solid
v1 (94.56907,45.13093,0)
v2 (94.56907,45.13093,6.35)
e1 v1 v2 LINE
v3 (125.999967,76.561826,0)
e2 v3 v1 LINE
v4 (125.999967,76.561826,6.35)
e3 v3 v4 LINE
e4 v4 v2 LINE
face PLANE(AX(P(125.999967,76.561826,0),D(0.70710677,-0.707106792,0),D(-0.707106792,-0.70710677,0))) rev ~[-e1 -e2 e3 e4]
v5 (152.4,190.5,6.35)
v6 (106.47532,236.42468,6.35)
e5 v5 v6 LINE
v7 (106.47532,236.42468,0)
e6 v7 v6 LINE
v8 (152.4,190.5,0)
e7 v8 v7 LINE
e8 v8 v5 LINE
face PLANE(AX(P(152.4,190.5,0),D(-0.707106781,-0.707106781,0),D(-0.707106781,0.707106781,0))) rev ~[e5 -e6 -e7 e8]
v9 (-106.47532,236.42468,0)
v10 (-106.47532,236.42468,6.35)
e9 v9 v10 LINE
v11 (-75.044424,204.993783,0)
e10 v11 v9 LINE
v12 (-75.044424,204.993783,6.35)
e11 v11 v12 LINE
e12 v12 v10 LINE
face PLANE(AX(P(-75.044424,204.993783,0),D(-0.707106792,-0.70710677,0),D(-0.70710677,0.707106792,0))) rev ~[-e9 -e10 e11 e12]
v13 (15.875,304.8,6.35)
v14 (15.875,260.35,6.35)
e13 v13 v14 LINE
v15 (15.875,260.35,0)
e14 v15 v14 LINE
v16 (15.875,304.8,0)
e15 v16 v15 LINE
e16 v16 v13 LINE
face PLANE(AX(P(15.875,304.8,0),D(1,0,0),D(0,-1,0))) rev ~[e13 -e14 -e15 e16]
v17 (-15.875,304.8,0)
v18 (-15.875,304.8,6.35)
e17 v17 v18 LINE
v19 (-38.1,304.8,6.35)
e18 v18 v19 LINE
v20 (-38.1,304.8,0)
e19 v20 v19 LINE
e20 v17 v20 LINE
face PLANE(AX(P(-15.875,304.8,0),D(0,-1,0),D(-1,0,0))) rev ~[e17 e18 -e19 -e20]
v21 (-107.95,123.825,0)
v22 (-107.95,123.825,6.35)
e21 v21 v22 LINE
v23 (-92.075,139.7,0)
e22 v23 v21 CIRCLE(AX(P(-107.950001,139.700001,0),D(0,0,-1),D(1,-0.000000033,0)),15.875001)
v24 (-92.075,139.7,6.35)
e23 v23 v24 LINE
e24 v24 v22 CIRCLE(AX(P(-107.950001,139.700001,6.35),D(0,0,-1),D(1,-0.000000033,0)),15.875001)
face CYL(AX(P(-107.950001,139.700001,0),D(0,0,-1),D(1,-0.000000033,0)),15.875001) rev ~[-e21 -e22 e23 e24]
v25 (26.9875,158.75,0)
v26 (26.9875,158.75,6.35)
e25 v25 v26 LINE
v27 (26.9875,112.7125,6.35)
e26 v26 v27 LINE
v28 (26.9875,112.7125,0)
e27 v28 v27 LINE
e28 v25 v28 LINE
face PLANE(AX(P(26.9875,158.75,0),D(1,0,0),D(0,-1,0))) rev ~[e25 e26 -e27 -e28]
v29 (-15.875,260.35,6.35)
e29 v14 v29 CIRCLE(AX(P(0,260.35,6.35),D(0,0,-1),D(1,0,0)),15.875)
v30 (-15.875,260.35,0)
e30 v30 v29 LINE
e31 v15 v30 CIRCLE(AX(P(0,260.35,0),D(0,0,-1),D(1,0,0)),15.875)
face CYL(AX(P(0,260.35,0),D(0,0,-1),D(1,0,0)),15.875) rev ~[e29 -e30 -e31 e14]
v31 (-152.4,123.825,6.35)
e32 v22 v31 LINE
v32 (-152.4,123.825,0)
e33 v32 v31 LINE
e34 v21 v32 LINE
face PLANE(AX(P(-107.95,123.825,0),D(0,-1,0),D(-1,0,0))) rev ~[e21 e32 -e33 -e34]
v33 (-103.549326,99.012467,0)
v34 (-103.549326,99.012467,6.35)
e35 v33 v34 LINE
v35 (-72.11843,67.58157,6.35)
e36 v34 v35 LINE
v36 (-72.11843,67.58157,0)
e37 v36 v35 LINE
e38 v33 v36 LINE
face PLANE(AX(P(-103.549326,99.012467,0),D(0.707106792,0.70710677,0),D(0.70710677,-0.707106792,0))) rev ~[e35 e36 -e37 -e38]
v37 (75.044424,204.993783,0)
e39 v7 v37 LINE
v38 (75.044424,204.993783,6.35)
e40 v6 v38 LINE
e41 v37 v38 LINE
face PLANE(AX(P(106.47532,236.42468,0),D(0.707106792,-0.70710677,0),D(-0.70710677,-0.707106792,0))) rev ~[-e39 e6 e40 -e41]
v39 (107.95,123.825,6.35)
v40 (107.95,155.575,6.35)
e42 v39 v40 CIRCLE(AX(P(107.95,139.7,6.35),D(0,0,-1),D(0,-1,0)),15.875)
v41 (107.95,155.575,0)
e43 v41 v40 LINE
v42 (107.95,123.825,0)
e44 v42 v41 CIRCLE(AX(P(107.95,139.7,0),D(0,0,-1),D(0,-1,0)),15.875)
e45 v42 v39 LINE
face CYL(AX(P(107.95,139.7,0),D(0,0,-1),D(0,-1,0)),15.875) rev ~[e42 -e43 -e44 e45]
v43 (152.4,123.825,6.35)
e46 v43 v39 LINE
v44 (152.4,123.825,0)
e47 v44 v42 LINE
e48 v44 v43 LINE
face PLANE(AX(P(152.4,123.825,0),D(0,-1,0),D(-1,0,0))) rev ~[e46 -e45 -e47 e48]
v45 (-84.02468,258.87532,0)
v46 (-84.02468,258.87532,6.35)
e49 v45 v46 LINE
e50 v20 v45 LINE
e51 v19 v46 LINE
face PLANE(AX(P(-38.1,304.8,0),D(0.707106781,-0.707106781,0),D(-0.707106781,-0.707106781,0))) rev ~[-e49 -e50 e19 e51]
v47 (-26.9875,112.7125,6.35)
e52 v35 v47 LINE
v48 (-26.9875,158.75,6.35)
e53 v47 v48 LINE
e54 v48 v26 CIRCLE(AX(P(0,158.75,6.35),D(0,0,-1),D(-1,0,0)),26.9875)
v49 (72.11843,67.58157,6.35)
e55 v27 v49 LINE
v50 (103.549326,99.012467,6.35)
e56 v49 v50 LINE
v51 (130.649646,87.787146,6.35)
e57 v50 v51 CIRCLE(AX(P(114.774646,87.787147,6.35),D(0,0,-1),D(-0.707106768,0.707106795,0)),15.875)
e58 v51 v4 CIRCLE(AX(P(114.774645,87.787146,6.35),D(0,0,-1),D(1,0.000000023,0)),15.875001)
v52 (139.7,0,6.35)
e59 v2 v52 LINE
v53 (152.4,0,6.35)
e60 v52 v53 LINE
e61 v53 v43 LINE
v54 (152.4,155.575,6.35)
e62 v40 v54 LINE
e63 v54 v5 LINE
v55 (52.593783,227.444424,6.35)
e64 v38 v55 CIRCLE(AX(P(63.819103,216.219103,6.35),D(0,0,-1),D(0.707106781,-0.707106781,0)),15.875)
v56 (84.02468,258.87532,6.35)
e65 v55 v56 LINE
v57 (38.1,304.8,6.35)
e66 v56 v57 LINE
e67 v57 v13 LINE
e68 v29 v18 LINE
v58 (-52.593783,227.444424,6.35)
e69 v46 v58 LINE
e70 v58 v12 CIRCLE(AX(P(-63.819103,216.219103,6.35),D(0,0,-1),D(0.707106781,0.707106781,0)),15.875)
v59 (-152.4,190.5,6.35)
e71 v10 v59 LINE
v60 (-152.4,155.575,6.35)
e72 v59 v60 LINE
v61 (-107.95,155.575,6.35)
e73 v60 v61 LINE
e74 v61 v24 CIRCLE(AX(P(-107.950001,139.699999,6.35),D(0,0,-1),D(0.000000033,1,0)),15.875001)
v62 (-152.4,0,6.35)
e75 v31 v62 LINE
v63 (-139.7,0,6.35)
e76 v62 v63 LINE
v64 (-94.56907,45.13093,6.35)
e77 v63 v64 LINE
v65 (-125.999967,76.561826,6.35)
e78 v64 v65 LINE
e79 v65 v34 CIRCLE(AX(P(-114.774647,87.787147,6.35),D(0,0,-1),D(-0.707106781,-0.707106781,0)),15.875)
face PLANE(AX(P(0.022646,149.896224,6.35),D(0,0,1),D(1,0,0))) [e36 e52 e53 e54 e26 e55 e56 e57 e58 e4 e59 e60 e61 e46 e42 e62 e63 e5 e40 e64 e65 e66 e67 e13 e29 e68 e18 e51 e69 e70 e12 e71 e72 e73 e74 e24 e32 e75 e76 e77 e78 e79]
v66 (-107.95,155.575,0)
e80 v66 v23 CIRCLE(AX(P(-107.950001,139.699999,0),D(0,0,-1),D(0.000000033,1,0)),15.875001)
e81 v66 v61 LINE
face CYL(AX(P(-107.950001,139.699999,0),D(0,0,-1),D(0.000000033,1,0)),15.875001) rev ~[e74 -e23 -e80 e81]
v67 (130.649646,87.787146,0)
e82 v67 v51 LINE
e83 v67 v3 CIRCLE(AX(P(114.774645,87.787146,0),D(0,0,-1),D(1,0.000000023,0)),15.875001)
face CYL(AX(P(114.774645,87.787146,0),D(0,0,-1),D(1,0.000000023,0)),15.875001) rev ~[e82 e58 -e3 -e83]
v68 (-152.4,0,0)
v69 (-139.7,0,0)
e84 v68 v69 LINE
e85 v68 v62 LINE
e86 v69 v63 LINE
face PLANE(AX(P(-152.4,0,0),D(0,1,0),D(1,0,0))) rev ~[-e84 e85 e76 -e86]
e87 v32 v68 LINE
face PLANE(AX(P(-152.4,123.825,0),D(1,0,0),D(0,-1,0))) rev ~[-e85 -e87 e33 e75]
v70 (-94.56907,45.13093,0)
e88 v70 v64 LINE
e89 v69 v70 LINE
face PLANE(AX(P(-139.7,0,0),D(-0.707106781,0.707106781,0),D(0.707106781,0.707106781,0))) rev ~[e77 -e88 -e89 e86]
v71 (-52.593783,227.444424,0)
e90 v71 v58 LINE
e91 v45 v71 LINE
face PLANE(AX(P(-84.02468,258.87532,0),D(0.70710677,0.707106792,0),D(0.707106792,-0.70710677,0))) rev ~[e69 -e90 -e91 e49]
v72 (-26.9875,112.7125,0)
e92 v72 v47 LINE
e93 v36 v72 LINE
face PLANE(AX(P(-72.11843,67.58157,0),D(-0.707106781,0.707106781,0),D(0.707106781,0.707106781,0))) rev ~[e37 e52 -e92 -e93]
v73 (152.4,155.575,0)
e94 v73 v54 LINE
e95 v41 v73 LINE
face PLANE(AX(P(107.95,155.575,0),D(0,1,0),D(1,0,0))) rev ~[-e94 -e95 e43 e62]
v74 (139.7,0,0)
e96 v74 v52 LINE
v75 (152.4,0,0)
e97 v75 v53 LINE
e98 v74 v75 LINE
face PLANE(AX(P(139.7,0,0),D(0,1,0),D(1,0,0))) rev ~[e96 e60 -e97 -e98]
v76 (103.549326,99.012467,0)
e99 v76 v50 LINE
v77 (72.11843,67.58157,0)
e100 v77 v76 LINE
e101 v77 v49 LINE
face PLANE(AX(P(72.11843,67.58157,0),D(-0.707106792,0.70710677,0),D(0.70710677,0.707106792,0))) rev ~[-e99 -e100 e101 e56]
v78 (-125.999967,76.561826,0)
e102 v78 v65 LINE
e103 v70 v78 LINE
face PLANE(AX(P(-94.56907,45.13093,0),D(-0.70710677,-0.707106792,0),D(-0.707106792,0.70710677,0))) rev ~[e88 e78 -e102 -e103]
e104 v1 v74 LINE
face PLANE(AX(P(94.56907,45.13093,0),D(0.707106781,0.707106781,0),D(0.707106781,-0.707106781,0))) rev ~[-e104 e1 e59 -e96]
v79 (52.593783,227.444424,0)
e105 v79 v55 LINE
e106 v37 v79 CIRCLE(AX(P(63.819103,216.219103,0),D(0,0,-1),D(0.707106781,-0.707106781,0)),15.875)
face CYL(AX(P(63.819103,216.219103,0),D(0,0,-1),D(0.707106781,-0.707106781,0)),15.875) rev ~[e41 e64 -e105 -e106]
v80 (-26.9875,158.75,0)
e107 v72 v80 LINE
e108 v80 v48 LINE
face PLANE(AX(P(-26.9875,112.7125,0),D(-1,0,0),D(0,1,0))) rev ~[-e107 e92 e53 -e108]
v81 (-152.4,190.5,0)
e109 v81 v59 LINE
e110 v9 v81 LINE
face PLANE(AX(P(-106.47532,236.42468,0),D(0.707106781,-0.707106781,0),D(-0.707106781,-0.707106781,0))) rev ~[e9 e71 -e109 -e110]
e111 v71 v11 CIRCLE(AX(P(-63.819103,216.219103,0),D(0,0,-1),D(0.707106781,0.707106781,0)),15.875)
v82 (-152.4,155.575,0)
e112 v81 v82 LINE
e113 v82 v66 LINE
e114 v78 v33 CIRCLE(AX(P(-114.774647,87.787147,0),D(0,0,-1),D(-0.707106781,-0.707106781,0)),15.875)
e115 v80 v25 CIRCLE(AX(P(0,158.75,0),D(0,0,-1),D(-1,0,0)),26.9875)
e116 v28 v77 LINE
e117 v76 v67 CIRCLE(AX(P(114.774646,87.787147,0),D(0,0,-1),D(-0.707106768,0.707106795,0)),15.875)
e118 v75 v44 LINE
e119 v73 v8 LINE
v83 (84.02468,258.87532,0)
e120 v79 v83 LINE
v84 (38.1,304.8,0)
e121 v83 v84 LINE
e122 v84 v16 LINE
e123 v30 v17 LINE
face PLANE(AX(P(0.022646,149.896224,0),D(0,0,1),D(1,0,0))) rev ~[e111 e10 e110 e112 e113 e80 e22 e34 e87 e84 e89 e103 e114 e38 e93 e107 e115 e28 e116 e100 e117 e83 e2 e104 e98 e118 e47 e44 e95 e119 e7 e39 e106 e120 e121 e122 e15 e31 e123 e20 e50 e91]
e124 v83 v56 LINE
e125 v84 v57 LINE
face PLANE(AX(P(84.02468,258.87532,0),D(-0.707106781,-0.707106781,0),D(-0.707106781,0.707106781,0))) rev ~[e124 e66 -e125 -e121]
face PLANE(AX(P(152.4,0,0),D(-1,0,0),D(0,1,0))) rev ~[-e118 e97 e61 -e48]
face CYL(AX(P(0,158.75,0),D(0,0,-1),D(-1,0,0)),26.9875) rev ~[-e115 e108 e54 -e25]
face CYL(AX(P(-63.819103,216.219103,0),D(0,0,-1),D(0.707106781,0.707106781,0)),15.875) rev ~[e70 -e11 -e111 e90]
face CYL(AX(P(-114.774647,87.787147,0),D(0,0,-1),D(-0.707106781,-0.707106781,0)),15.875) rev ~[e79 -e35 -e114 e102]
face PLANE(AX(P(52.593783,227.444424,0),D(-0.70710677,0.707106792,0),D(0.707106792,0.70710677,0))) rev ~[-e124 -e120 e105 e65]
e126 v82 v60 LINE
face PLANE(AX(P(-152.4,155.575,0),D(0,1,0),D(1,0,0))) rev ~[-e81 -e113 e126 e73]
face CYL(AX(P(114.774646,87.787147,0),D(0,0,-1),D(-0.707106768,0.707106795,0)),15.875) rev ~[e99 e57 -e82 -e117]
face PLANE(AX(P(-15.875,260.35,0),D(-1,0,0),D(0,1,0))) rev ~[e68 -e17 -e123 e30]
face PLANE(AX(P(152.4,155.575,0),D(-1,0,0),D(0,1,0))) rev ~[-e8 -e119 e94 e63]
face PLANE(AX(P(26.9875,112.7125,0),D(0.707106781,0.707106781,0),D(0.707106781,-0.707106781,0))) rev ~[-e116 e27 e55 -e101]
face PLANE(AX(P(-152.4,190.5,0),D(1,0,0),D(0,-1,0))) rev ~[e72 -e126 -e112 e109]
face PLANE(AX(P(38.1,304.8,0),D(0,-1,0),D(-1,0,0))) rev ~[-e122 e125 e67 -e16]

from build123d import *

# Parameters (mm, degrees)
F1_DEPTH = 6.35


with BuildPart() as f1:
    # F0 (on Top) → F1 (new body)
    with BuildSketch(Plane.XY):
        with BuildLine():
            Line((-152.4, 123.825), (-152.4, 0))
            Line((-152.4, 0), (-139.7, 0))
            Line((-139.7, 0), (-94.56907, 45.13093))
            Line((-94.56907, 45.13093), (-125.999967, 76.561826))
            ThreePointArc((-125.999967, 76.561826), (-125.999967, 99.012467), (-103.549326, 99.012467))
            Line((-103.549326, 99.012467), (-72.11843, 67.58157))
            Line((-72.11843, 67.58157), (-26.9875, 112.7125))
            Line((-26.9875, 112.7125), (-26.9875, 158.75))
            ThreePointArc((-26.9875, 158.75), (0, 185.7375), (26.9875, 158.75))
            Line((26.9875, 158.75), (26.9875, 112.7125))
            Line((26.9875, 112.7125), (72.11843, 67.58157))
            Line((72.11843, 67.58157), (103.549326, 99.012467))
            ThreePointArc((103.549326, 99.012467), (120.849746, 102.453734), (130.649646, 87.787146))
            ThreePointArc((130.649646, 87.787146), (129.441234, 81.712047), (125.999967, 76.561826))
            Line((125.999967, 76.561826), (94.56907, 45.13093))
            Line((94.56907, 45.13093), (139.7, 0))
            Line((139.7, 0), (152.4, 0))
            Line((152.4, 0), (152.4, 123.825))
            Line((152.4, 123.825), (107.95, 123.825))
            ThreePointArc((107.95, 123.825), (92.075, 139.7), (107.95, 155.575))
            Line((107.95, 155.575), (152.4, 155.575))
            Line((152.4, 155.575), (152.4, 190.5))
            Line((152.4, 190.5), (106.47532, 236.42468))
            Line((106.47532, 236.42468), (75.044424, 204.993783))
            ThreePointArc((75.044424, 204.993783), (52.593783, 204.993783), (52.593783, 227.444424))
            Line((52.593783, 227.444424), (84.02468, 258.87532))
            Line((84.02468, 258.87532), (38.1, 304.8))
            Line((38.1, 304.8), (15.875, 304.8))
            Line((15.875, 304.8), (15.875, 260.35))
            ThreePointArc((15.875, 260.35), (0, 244.475), (-15.875, 260.35))
            Line((-15.875, 260.35), (-15.875, 304.8))
            Line((-15.875, 304.8), (-38.1, 304.8))
            Line((-38.1, 304.8), (-84.02468, 258.87532))
            Line((-84.02468, 258.87532), (-52.593783, 227.444424))
            ThreePointArc((-52.593783, 227.444424), (-52.593783, 204.993783), (-75.044424, 204.993783))
            Line((-75.044424, 204.993783), (-106.47532, 236.42468))
            Line((-106.47532, 236.42468), (-152.4, 190.5))
            Line((-152.4, 190.5), (-152.4, 155.575))
            Line((-152.4, 155.575), (-107.95, 155.575))
            ThreePointArc((-107.95, 155.575), (-96.72468, 150.92532), (-92.075, 139.7))
            ThreePointArc((-92.075, 139.7), (-96.72468, 128.47468), (-107.95, 123.825))
            Line((-107.95, 123.825), (-152.4, 123.825))
        make_face()
    extrude(amount=F1_DEPTH)


solid = f1.part
